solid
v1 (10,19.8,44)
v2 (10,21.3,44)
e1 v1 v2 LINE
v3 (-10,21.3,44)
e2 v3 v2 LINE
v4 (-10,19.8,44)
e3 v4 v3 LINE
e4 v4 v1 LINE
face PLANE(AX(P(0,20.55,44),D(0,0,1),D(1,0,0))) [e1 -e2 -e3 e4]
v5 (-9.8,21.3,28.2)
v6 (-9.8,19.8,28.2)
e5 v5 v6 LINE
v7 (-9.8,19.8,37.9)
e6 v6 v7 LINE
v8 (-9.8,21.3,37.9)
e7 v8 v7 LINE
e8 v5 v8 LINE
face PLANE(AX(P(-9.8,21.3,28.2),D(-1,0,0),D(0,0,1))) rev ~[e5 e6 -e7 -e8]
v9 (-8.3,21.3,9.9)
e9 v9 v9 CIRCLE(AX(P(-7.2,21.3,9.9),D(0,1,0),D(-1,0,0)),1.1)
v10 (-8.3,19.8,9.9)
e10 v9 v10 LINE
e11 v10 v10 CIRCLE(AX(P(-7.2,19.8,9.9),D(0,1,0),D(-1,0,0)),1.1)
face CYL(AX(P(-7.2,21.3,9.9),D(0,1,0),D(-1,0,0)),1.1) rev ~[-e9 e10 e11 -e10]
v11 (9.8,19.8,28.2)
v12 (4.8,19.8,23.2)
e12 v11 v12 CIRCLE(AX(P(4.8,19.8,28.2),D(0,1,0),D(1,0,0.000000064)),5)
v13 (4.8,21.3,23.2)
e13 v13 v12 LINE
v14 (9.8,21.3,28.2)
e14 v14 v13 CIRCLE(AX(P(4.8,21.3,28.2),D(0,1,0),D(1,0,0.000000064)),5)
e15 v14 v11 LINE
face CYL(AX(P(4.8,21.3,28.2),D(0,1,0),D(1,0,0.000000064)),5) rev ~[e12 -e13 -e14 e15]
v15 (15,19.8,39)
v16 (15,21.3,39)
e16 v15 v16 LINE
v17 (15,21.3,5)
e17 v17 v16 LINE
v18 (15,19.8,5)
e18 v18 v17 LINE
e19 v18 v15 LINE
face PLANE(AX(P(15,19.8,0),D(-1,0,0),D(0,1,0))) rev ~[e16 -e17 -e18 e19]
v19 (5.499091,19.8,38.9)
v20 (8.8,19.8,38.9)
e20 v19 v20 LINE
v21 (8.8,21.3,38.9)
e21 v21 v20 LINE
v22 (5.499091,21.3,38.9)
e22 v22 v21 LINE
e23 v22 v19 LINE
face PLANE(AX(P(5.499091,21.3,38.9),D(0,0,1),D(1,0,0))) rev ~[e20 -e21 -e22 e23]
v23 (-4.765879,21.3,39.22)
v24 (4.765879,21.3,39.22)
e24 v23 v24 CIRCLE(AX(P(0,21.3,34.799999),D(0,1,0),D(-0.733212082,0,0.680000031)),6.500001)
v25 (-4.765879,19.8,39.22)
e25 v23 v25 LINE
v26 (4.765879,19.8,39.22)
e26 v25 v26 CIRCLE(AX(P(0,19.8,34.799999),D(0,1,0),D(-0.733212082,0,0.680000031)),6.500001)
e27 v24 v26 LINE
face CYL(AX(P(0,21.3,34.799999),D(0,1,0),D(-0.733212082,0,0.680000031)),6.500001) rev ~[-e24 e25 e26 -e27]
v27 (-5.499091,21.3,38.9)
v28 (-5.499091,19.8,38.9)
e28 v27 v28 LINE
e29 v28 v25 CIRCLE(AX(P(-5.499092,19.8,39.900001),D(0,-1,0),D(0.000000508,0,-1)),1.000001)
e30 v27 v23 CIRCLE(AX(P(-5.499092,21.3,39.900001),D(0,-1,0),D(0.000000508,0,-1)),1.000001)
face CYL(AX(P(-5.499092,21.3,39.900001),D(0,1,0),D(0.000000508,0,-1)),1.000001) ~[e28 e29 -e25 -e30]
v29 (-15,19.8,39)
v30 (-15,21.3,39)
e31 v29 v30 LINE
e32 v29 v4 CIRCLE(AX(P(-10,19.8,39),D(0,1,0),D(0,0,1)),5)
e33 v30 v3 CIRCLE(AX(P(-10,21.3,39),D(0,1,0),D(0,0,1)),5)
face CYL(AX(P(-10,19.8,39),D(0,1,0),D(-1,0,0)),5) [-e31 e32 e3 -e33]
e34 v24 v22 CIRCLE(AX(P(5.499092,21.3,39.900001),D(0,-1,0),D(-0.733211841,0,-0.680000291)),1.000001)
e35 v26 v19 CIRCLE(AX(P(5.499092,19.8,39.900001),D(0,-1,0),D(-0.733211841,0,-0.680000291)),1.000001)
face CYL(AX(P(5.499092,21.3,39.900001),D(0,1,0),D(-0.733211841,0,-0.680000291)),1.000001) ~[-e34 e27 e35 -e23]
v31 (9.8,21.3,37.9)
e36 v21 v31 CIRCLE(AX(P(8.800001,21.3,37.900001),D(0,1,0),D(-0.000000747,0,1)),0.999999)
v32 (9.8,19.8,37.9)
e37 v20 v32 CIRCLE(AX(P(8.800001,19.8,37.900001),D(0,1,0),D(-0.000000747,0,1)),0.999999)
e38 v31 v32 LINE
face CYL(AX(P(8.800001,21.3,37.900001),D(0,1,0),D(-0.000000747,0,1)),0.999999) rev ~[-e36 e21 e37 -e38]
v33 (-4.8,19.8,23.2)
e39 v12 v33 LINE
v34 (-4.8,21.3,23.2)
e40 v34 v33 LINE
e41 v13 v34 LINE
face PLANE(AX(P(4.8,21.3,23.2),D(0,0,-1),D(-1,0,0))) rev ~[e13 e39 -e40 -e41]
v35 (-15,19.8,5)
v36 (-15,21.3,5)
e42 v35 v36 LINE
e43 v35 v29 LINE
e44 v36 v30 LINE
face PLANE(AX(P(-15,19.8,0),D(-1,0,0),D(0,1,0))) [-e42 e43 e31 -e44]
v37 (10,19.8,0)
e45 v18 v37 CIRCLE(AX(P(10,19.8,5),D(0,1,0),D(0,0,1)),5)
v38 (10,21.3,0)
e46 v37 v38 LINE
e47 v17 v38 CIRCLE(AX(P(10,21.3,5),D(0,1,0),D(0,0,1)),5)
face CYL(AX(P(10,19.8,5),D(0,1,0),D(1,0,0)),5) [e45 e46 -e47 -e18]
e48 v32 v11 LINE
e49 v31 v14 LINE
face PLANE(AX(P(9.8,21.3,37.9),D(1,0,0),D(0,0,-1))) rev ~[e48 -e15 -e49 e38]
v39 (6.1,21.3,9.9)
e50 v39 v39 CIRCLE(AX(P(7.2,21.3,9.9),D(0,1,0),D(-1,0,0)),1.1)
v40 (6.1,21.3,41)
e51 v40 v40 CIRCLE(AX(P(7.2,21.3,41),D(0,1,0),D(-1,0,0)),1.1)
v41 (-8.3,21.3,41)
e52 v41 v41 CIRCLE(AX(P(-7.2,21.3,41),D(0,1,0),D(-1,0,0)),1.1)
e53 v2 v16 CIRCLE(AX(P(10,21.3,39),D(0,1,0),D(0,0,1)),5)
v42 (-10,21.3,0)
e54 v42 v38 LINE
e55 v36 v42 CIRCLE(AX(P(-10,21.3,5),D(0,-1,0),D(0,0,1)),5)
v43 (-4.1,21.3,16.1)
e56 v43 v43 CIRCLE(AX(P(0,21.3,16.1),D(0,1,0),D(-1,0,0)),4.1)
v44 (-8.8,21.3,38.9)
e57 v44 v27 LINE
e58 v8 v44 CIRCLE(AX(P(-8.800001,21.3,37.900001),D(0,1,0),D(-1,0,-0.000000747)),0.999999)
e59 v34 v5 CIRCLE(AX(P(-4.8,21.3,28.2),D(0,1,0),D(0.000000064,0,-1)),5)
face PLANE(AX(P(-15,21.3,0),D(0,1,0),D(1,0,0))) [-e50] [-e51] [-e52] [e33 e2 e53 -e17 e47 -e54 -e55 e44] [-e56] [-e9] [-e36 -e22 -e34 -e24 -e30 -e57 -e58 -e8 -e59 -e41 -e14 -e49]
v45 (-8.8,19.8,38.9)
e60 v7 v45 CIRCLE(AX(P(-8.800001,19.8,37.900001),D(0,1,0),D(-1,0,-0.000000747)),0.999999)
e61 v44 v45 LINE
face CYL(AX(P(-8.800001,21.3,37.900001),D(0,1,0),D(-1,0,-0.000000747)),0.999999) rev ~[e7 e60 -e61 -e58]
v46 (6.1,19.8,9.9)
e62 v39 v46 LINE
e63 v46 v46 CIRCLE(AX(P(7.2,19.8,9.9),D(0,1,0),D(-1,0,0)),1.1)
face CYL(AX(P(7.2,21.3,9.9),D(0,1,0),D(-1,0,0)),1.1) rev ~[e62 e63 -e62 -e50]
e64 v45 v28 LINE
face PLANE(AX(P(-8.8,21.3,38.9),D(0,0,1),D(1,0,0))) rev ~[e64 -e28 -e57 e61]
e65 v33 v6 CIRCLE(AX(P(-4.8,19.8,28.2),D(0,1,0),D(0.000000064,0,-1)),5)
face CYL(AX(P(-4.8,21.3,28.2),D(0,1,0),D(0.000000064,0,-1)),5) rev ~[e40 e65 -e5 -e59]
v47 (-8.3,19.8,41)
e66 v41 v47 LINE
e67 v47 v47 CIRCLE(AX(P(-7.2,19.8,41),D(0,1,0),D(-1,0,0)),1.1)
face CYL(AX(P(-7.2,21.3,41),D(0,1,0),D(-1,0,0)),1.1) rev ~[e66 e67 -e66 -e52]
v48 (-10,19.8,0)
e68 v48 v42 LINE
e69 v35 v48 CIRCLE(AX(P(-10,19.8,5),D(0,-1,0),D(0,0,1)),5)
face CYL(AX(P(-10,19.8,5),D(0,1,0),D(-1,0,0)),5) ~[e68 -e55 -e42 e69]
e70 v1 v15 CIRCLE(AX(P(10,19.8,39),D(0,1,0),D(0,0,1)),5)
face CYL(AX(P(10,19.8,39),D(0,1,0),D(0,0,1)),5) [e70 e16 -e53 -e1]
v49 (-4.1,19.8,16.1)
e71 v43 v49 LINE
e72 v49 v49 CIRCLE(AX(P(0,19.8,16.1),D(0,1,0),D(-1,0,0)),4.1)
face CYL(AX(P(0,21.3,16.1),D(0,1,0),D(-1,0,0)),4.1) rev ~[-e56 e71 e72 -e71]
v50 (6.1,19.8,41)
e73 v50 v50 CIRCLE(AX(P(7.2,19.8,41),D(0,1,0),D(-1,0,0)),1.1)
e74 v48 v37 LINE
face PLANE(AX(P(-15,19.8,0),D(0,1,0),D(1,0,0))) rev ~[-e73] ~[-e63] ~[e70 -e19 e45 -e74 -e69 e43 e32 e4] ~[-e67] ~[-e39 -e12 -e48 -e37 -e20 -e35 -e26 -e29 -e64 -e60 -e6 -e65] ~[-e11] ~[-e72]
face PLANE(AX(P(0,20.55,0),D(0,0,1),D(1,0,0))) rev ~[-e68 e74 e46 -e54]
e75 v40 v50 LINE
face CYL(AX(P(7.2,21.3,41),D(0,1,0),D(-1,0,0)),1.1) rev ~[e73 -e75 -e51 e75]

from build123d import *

# Parameters (mm, degrees)
F0_W     = 74.4
F0_H     = 39.6
F0_R     = 1
F0_R_2   = 4.1
F1_DEPTH = 1.5
F2_W     = 30
F2_H     = 1.5
F3_DEPTH = 44
F4_R     = 1.1
F4_R_2   = 4.1
F5_DEPTH = 1.5
F6_R     = 5
F7_W     = 74.4
F7_H     = 39.6
F8_DEPTH = 1.5
F9_R     = 5


with BuildPart() as f1:
    # F0 (on Top) → F1 (new body)
    with BuildSketch(Plane.XY):
        Rectangle(F0_W, F0_H)
        with Locations((-32.2, -16.8)):
            Circle(F0_R, mode=Mode.SUBTRACT)
        with Locations((-25, -10.6)):
            Circle(F0_R_2, mode=Mode.SUBTRACT)
        with Locations((-17.8, -16.8)):
            Circle(F0_R, mode=Mode.SUBTRACT)
        with Locations((17.8, -16.8)):
            Circle(F0_R, mode=Mode.SUBTRACT)
        with Locations((32.2, -16.8)):
            Circle(F0_R, mode=Mode.SUBTRACT)
        with Locations((25, -10.6)):
            Circle(F0_R_2, mode=Mode.SUBTRACT)
        with BuildLine():
            ThreePointArc((-34.8, 11.6), (-34.507107, 12.307107), (-33.8, 12.6))
            Line((-33.8, 12.6), (-30.123475, 12.6))
            ThreePointArc((-30.123475, 12.6), (-25, 15.1), (-19.876525, 12.6))
            Line((-19.876525, 12.6), (-16.2, 12.6))
            ThreePointArc((-16.2, 12.6), (-15.492893, 12.307107), (-15.2, 11.6))
            Line((-15.2, 11.6), (-15.2, 1.9))
            ThreePointArc((-15.2, 1.9), (-16.664466, -1.635534), (-20.2, -3.1))
            Line((-20.2, -3.1), (-29.8, -3.1))
            ThreePointArc((-29.8, -3.1), (-33.335534, -1.635534), (-34.8, 1.9))
            Line((-34.8, 1.9), (-34.8, 11.6))
        make_face(mode=Mode.SUBTRACT)
        with Locations((-32.2, 14.8)):
            Circle(F0_R, mode=Mode.SUBTRACT)
        with Locations((-17.8, 14.8)):
            Circle(F0_R, mode=Mode.SUBTRACT)
        with BuildLine():
            Line((15.2, 1.9), (15.2, 11.6))
            ThreePointArc((15.2, 11.6), (15.492893, 12.307107), (16.2, 12.6))
            Line((16.2, 12.6), (19.876525, 12.6))
            ThreePointArc((19.876525, 12.6), (25, 15.1), (30.123475, 12.6))
            Line((30.123475, 12.6), (33.8, 12.6))
            ThreePointArc((33.8, 12.6), (34.507107, 12.307107), (34.8, 11.6))
            Line((34.8, 11.6), (34.8, 1.9))
            ThreePointArc((34.8, 1.9), (33.335534, -1.635534), (29.8, -3.1))
            Line((29.8, -3.1), (20.2, -3.1))
            ThreePointArc((20.2, -3.1), (16.664466, -1.635534), (15.2, 1.9))
        make_face(mode=Mode.SUBTRACT)
        with Locations((17.8, 14.8)):
            Circle(F0_R, mode=Mode.SUBTRACT)
        with Locations((32.2, 14.8)):
            Circle(F0_R, mode=Mode.SUBTRACT)
    extrude(amount=F1_DEPTH)

    # F2 (on Top) → F3 (join)
    with BuildSketch(Plane.XY):
        with Locations((0, 20.55)):
            Rectangle(F2_W, F2_H)
    extrude(amount=F3_DEPTH)

    # F4 (on face) → F5 (cut, through all)
    with BuildSketch(Plane(origin=(0, 21.3, 0), x_dir=(-1, 0, 0), z_dir=(0, 1, 0))):
        with Locations((7.2, 41)):
            Circle(F4_R)
        with Locations((7.2, 9.9)):
            Circle(F4_R)
        with Locations((0, 16.1)):
            Circle(F4_R_2)
        with BuildLine():
            ThreePointArc((9.8, 37.9), (9.507107, 38.607107), (8.8, 38.9))
            Line((8.8, 38.9), (5.499091, 38.9))
            ThreePointArc((5.499091, 38.9), (5.099091, 38.983485), (4.765879, 39.22))
            ThreePointArc((4.765879, 39.22), (0, 41.3), (-4.765879, 39.22))
            ThreePointArc((-4.765879, 39.22), (-5.099091, 38.983485), (-5.499091, 38.9))
            Line((-5.499091, 38.9), (-8.8, 38.9))
            ThreePointArc((-8.8, 38.9), (-9.507107, 38.607107), (-9.8, 37.9))
            Line((-9.8, 37.9), (-9.8, 28.2))
            ThreePointArc((-9.8, 28.2), (-8.335534, 24.664466), (-4.8, 23.2))
            Line((-4.8, 23.2), (4.8, 23.2))
            ThreePointArc((4.8, 23.2), (8.335534, 24.664466), (9.8, 28.2))
            Line((9.8, 28.2), (9.8, 37.9))
        make_face()
        with Locations((-7.2, 41)):
            Circle(F4_R)
        with Locations((-7.2, 9.9)):
            Circle(F4_R)
    extrude(amount=-F5_DEPTH, mode=Mode.SUBTRACT)

    # F6
    f6_edges = [f1.edges().sort_by_distance(p)[0] for p in [
        (-37.2, 19.8, 0.75),
        (-37.2, -19.8, 0.75),
        (37.2, 19.8, 0.75),
        (37.2, -19.8, 0.75),
        (-15, 20.55, 44),
        (15, 20.55, 44),
    ]]
    fillet(f6_edges, radius=F6_R)

    # F7 (on face) → F8 (cut, through all)
    with BuildSketch(Plane.XY.offset(1.5)):
        Rectangle(F7_W, F7_H)
    extrude(amount=-F8_DEPTH, mode=Mode.SUBTRACT)

    # F9
    f9_edges = [f1.edges().sort_by_distance(p)[0] for p in [
        (-15, 20.55, 0),
        (15, 20.55, 0),
    ]]
    fillet(f9_edges, radius=F9_R)


solid = f1.part
